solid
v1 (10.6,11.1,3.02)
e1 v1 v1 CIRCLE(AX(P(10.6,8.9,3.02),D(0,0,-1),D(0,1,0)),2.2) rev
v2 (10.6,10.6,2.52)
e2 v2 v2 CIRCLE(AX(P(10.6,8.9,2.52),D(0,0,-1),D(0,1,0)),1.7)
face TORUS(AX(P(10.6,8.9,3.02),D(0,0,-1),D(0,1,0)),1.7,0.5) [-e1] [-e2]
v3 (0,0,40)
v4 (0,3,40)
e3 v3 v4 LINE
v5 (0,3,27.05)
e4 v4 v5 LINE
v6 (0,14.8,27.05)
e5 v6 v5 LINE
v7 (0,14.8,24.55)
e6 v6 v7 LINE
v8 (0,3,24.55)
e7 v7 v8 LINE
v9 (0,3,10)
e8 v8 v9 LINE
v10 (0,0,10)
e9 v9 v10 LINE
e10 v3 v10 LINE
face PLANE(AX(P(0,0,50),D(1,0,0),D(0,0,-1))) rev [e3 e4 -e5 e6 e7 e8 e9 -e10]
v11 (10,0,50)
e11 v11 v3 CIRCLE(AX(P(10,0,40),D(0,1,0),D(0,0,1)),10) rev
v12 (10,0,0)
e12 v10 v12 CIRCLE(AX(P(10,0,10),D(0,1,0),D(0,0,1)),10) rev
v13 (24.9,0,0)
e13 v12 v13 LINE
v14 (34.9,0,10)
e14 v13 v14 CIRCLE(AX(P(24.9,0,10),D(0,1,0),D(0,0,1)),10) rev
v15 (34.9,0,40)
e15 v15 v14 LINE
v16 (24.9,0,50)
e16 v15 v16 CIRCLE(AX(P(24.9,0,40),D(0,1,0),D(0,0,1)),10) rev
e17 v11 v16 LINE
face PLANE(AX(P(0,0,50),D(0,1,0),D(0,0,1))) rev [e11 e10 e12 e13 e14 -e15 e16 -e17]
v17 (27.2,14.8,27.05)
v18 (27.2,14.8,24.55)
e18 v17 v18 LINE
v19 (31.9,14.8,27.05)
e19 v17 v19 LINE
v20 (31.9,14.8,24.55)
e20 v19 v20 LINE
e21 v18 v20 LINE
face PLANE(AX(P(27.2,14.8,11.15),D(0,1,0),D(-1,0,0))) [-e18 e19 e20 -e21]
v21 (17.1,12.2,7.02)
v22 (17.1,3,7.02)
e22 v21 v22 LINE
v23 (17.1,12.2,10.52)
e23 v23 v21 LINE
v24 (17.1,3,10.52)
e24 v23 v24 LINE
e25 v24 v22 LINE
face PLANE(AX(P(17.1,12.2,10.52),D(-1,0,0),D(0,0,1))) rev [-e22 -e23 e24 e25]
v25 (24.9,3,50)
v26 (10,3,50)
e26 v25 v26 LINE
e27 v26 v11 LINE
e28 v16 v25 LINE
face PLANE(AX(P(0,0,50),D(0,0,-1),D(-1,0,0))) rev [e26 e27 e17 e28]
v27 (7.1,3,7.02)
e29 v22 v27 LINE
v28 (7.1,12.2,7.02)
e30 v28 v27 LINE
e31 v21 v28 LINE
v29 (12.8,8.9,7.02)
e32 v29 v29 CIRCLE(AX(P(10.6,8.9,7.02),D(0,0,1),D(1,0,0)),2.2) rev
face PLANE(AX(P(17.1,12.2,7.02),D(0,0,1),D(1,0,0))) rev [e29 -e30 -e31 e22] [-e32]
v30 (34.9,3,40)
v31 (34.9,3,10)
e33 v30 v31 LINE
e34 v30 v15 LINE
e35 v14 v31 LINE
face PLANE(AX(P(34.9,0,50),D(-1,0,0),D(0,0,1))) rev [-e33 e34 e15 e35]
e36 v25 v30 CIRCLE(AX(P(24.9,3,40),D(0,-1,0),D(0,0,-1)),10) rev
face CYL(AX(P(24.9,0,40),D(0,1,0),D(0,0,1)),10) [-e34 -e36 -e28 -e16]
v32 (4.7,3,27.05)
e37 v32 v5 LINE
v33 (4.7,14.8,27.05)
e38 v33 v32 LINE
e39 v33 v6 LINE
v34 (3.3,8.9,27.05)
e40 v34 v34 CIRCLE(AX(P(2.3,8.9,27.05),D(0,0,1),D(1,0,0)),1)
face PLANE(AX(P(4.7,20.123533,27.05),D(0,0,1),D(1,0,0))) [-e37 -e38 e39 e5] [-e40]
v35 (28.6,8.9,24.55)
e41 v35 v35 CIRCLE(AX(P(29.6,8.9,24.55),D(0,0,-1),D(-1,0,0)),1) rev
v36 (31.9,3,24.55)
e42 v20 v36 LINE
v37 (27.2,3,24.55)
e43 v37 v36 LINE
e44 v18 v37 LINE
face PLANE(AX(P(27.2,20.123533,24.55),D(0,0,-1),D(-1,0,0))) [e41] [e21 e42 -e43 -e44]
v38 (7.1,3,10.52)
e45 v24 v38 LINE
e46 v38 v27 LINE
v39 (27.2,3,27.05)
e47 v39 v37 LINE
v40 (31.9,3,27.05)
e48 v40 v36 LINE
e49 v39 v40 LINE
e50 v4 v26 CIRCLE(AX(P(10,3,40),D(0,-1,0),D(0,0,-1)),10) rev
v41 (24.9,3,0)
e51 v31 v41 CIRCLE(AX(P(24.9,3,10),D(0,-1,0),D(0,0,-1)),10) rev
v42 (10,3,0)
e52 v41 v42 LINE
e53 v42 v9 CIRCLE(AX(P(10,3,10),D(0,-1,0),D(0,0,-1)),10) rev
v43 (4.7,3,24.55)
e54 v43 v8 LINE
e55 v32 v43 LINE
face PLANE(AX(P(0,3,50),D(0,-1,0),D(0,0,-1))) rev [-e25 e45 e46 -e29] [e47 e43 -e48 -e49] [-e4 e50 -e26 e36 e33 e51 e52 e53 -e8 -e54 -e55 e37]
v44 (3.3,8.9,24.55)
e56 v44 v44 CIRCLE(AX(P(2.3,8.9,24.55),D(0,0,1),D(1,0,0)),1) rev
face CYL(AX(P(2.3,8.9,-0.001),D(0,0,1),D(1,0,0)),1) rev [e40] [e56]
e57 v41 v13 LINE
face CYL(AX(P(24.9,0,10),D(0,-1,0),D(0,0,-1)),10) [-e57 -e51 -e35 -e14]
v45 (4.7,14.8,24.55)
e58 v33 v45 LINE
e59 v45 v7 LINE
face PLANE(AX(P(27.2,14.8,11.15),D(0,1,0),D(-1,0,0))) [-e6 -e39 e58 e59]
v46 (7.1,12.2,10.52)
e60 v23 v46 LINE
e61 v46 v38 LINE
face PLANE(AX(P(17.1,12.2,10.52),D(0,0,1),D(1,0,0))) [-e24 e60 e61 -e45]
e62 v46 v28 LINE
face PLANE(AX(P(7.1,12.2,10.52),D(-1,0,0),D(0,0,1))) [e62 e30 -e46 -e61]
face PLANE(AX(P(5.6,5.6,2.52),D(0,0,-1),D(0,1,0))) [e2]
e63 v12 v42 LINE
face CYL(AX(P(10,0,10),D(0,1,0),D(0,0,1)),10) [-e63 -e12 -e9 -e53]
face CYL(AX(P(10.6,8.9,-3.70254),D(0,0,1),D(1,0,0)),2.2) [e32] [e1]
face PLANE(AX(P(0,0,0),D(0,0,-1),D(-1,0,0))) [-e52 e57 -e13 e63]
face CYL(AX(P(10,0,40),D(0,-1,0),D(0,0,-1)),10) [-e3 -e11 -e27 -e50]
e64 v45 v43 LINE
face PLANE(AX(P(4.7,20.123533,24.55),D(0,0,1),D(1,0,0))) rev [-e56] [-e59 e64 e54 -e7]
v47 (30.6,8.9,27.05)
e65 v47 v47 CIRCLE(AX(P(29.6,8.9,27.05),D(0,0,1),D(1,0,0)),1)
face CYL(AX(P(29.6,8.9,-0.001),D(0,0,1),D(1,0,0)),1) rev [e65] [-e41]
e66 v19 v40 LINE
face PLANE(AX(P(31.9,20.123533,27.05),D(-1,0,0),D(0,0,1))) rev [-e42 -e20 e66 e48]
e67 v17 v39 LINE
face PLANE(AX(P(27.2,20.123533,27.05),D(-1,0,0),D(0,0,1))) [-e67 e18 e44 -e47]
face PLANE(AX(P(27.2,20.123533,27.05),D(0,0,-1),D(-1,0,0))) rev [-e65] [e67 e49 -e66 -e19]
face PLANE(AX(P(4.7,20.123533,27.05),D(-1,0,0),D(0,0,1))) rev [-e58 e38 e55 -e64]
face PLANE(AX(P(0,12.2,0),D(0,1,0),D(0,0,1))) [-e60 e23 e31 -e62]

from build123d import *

# Parameters (mm, degrees)
ESQUISSE1_W             = 34.9
ESQUISSE1_H             = 3
BOSS_EXTRU_1_DEPTH      = 50
ESQUISSE2_W             = 10
ESQUISSE2_H             = 3.5
BOSS_EXTRU_2_DEPTH      = 9.2
ESQUISSE3_R             = 2.2
BOSS_EXTRU_3_DEPTH      = 4.5
CONG_1_R                = 0.5
ESQUISSE5_W             = 4.7
ESQUISSE5_H             = 2.5
BOSS_EXTRU_5_DEPTH      = 11.8
ENL_V_MAT_EXTRU_1_REACH = 29.05
ESQUISSE6_R             = 1
CONG_2_R                = 10


with BuildPart() as part:
    # Esquisse1 → Boss.-Extru.1 (new body)
    with BuildSketch(Plane.XY):
        with Locations((17.45, 1.5)):
            Rectangle(ESQUISSE1_W, ESQUISSE1_H)
    extrude(amount=BOSS_EXTRU_1_DEPTH)

    # Esquisse2 → Boss.-Extru.2 (add)
    with BuildSketch(Plane(origin=(0, 3, 0), x_dir=(1, 0, 0), z_dir=(0, 1, 0))):
        with Locations((12.1, -8.77)):
            Rectangle(ESQUISSE2_W, ESQUISSE2_H)
    extrude(amount=BOSS_EXTRU_2_DEPTH)

    # Esquisse3 → Boss.-Extru.3 (add)
    with BuildSketch(Plane(origin=(0, 0, 7.02), x_dir=(-1, 0, 0), z_dir=(0, 0, -1))):
        with Locations((-10.6, 8.9)):
            Circle(ESQUISSE3_R)
    extrude(amount=BOSS_EXTRU_3_DEPTH)

    # Congé1
    cong_1_edges = [part.edges().sort_by_distance(p)[0] for p in [
        (12.8, 8.9, 2.52),
    ]]
    fillet(cong_1_edges, radius=CONG_1_R)

    # Esquisse5 → Boss.-Extru.5 (add)
    with BuildSketch(Plane(origin=(0, 3, 0), x_dir=(1, 0, 0), z_dir=(0, 1, 0))):
        with Locations((29.55, -25.8)):
            Rectangle(ESQUISSE5_W, ESQUISSE5_H)
        with Locations((2.35, -25.8)):
            Rectangle(ESQUISSE5_W, ESQUISSE5_H)
    extrude(amount=BOSS_EXTRU_5_DEPTH)

    # Esquisse6 → Enlèv. mat.-Extru.1 (cut, up to next)
    with BuildSketch(Plane.XY.offset(27.05), mode=Mode.PRIVATE) as enl_v_mat_extru_1_sk1:
        with Locations((29.6, 8.9)):
            Circle(ESQUISSE6_R)
    enl_v_mat_extru_1_tool1 = extrude(enl_v_mat_extru_1_sk1.sketch, amount=-ENL_V_MAT_EXTRU_1_REACH, mode=Mode.PRIVATE) & part.part
    add(enl_v_mat_extru_1_tool1.solids().sort_by_distance((29.6, 8.9, 27.05))[0], mode=Mode.SUBTRACT)
    # Esquisse6 → Enlèv. mat.-Extru.1 (cut, up to next)
    with BuildSketch(Plane.XY.offset(27.05), mode=Mode.PRIVATE) as enl_v_mat_extru_1_sk2:
        with Locations((2.3, 8.9)):
            Circle(ESQUISSE6_R)
    enl_v_mat_extru_1_tool2 = extrude(enl_v_mat_extru_1_sk2.sketch, amount=-ENL_V_MAT_EXTRU_1_REACH, mode=Mode.PRIVATE) & part.part
    add(enl_v_mat_extru_1_tool2.solids().sort_by_distance((2.3, 8.9, 27.05))[0], mode=Mode.SUBTRACT)

    # Congé2
    cong_2_edges = [part.edges().sort_by_distance(p)[0] for p in [
        (34.9, 1.5, 50),
        (0, 1.5, 50),
        (34.9, 1.5, 0),
        (0, 1.5, 0),
    ]]
    fillet(cong_2_edges, radius=CONG_2_R)


solid = part.part
